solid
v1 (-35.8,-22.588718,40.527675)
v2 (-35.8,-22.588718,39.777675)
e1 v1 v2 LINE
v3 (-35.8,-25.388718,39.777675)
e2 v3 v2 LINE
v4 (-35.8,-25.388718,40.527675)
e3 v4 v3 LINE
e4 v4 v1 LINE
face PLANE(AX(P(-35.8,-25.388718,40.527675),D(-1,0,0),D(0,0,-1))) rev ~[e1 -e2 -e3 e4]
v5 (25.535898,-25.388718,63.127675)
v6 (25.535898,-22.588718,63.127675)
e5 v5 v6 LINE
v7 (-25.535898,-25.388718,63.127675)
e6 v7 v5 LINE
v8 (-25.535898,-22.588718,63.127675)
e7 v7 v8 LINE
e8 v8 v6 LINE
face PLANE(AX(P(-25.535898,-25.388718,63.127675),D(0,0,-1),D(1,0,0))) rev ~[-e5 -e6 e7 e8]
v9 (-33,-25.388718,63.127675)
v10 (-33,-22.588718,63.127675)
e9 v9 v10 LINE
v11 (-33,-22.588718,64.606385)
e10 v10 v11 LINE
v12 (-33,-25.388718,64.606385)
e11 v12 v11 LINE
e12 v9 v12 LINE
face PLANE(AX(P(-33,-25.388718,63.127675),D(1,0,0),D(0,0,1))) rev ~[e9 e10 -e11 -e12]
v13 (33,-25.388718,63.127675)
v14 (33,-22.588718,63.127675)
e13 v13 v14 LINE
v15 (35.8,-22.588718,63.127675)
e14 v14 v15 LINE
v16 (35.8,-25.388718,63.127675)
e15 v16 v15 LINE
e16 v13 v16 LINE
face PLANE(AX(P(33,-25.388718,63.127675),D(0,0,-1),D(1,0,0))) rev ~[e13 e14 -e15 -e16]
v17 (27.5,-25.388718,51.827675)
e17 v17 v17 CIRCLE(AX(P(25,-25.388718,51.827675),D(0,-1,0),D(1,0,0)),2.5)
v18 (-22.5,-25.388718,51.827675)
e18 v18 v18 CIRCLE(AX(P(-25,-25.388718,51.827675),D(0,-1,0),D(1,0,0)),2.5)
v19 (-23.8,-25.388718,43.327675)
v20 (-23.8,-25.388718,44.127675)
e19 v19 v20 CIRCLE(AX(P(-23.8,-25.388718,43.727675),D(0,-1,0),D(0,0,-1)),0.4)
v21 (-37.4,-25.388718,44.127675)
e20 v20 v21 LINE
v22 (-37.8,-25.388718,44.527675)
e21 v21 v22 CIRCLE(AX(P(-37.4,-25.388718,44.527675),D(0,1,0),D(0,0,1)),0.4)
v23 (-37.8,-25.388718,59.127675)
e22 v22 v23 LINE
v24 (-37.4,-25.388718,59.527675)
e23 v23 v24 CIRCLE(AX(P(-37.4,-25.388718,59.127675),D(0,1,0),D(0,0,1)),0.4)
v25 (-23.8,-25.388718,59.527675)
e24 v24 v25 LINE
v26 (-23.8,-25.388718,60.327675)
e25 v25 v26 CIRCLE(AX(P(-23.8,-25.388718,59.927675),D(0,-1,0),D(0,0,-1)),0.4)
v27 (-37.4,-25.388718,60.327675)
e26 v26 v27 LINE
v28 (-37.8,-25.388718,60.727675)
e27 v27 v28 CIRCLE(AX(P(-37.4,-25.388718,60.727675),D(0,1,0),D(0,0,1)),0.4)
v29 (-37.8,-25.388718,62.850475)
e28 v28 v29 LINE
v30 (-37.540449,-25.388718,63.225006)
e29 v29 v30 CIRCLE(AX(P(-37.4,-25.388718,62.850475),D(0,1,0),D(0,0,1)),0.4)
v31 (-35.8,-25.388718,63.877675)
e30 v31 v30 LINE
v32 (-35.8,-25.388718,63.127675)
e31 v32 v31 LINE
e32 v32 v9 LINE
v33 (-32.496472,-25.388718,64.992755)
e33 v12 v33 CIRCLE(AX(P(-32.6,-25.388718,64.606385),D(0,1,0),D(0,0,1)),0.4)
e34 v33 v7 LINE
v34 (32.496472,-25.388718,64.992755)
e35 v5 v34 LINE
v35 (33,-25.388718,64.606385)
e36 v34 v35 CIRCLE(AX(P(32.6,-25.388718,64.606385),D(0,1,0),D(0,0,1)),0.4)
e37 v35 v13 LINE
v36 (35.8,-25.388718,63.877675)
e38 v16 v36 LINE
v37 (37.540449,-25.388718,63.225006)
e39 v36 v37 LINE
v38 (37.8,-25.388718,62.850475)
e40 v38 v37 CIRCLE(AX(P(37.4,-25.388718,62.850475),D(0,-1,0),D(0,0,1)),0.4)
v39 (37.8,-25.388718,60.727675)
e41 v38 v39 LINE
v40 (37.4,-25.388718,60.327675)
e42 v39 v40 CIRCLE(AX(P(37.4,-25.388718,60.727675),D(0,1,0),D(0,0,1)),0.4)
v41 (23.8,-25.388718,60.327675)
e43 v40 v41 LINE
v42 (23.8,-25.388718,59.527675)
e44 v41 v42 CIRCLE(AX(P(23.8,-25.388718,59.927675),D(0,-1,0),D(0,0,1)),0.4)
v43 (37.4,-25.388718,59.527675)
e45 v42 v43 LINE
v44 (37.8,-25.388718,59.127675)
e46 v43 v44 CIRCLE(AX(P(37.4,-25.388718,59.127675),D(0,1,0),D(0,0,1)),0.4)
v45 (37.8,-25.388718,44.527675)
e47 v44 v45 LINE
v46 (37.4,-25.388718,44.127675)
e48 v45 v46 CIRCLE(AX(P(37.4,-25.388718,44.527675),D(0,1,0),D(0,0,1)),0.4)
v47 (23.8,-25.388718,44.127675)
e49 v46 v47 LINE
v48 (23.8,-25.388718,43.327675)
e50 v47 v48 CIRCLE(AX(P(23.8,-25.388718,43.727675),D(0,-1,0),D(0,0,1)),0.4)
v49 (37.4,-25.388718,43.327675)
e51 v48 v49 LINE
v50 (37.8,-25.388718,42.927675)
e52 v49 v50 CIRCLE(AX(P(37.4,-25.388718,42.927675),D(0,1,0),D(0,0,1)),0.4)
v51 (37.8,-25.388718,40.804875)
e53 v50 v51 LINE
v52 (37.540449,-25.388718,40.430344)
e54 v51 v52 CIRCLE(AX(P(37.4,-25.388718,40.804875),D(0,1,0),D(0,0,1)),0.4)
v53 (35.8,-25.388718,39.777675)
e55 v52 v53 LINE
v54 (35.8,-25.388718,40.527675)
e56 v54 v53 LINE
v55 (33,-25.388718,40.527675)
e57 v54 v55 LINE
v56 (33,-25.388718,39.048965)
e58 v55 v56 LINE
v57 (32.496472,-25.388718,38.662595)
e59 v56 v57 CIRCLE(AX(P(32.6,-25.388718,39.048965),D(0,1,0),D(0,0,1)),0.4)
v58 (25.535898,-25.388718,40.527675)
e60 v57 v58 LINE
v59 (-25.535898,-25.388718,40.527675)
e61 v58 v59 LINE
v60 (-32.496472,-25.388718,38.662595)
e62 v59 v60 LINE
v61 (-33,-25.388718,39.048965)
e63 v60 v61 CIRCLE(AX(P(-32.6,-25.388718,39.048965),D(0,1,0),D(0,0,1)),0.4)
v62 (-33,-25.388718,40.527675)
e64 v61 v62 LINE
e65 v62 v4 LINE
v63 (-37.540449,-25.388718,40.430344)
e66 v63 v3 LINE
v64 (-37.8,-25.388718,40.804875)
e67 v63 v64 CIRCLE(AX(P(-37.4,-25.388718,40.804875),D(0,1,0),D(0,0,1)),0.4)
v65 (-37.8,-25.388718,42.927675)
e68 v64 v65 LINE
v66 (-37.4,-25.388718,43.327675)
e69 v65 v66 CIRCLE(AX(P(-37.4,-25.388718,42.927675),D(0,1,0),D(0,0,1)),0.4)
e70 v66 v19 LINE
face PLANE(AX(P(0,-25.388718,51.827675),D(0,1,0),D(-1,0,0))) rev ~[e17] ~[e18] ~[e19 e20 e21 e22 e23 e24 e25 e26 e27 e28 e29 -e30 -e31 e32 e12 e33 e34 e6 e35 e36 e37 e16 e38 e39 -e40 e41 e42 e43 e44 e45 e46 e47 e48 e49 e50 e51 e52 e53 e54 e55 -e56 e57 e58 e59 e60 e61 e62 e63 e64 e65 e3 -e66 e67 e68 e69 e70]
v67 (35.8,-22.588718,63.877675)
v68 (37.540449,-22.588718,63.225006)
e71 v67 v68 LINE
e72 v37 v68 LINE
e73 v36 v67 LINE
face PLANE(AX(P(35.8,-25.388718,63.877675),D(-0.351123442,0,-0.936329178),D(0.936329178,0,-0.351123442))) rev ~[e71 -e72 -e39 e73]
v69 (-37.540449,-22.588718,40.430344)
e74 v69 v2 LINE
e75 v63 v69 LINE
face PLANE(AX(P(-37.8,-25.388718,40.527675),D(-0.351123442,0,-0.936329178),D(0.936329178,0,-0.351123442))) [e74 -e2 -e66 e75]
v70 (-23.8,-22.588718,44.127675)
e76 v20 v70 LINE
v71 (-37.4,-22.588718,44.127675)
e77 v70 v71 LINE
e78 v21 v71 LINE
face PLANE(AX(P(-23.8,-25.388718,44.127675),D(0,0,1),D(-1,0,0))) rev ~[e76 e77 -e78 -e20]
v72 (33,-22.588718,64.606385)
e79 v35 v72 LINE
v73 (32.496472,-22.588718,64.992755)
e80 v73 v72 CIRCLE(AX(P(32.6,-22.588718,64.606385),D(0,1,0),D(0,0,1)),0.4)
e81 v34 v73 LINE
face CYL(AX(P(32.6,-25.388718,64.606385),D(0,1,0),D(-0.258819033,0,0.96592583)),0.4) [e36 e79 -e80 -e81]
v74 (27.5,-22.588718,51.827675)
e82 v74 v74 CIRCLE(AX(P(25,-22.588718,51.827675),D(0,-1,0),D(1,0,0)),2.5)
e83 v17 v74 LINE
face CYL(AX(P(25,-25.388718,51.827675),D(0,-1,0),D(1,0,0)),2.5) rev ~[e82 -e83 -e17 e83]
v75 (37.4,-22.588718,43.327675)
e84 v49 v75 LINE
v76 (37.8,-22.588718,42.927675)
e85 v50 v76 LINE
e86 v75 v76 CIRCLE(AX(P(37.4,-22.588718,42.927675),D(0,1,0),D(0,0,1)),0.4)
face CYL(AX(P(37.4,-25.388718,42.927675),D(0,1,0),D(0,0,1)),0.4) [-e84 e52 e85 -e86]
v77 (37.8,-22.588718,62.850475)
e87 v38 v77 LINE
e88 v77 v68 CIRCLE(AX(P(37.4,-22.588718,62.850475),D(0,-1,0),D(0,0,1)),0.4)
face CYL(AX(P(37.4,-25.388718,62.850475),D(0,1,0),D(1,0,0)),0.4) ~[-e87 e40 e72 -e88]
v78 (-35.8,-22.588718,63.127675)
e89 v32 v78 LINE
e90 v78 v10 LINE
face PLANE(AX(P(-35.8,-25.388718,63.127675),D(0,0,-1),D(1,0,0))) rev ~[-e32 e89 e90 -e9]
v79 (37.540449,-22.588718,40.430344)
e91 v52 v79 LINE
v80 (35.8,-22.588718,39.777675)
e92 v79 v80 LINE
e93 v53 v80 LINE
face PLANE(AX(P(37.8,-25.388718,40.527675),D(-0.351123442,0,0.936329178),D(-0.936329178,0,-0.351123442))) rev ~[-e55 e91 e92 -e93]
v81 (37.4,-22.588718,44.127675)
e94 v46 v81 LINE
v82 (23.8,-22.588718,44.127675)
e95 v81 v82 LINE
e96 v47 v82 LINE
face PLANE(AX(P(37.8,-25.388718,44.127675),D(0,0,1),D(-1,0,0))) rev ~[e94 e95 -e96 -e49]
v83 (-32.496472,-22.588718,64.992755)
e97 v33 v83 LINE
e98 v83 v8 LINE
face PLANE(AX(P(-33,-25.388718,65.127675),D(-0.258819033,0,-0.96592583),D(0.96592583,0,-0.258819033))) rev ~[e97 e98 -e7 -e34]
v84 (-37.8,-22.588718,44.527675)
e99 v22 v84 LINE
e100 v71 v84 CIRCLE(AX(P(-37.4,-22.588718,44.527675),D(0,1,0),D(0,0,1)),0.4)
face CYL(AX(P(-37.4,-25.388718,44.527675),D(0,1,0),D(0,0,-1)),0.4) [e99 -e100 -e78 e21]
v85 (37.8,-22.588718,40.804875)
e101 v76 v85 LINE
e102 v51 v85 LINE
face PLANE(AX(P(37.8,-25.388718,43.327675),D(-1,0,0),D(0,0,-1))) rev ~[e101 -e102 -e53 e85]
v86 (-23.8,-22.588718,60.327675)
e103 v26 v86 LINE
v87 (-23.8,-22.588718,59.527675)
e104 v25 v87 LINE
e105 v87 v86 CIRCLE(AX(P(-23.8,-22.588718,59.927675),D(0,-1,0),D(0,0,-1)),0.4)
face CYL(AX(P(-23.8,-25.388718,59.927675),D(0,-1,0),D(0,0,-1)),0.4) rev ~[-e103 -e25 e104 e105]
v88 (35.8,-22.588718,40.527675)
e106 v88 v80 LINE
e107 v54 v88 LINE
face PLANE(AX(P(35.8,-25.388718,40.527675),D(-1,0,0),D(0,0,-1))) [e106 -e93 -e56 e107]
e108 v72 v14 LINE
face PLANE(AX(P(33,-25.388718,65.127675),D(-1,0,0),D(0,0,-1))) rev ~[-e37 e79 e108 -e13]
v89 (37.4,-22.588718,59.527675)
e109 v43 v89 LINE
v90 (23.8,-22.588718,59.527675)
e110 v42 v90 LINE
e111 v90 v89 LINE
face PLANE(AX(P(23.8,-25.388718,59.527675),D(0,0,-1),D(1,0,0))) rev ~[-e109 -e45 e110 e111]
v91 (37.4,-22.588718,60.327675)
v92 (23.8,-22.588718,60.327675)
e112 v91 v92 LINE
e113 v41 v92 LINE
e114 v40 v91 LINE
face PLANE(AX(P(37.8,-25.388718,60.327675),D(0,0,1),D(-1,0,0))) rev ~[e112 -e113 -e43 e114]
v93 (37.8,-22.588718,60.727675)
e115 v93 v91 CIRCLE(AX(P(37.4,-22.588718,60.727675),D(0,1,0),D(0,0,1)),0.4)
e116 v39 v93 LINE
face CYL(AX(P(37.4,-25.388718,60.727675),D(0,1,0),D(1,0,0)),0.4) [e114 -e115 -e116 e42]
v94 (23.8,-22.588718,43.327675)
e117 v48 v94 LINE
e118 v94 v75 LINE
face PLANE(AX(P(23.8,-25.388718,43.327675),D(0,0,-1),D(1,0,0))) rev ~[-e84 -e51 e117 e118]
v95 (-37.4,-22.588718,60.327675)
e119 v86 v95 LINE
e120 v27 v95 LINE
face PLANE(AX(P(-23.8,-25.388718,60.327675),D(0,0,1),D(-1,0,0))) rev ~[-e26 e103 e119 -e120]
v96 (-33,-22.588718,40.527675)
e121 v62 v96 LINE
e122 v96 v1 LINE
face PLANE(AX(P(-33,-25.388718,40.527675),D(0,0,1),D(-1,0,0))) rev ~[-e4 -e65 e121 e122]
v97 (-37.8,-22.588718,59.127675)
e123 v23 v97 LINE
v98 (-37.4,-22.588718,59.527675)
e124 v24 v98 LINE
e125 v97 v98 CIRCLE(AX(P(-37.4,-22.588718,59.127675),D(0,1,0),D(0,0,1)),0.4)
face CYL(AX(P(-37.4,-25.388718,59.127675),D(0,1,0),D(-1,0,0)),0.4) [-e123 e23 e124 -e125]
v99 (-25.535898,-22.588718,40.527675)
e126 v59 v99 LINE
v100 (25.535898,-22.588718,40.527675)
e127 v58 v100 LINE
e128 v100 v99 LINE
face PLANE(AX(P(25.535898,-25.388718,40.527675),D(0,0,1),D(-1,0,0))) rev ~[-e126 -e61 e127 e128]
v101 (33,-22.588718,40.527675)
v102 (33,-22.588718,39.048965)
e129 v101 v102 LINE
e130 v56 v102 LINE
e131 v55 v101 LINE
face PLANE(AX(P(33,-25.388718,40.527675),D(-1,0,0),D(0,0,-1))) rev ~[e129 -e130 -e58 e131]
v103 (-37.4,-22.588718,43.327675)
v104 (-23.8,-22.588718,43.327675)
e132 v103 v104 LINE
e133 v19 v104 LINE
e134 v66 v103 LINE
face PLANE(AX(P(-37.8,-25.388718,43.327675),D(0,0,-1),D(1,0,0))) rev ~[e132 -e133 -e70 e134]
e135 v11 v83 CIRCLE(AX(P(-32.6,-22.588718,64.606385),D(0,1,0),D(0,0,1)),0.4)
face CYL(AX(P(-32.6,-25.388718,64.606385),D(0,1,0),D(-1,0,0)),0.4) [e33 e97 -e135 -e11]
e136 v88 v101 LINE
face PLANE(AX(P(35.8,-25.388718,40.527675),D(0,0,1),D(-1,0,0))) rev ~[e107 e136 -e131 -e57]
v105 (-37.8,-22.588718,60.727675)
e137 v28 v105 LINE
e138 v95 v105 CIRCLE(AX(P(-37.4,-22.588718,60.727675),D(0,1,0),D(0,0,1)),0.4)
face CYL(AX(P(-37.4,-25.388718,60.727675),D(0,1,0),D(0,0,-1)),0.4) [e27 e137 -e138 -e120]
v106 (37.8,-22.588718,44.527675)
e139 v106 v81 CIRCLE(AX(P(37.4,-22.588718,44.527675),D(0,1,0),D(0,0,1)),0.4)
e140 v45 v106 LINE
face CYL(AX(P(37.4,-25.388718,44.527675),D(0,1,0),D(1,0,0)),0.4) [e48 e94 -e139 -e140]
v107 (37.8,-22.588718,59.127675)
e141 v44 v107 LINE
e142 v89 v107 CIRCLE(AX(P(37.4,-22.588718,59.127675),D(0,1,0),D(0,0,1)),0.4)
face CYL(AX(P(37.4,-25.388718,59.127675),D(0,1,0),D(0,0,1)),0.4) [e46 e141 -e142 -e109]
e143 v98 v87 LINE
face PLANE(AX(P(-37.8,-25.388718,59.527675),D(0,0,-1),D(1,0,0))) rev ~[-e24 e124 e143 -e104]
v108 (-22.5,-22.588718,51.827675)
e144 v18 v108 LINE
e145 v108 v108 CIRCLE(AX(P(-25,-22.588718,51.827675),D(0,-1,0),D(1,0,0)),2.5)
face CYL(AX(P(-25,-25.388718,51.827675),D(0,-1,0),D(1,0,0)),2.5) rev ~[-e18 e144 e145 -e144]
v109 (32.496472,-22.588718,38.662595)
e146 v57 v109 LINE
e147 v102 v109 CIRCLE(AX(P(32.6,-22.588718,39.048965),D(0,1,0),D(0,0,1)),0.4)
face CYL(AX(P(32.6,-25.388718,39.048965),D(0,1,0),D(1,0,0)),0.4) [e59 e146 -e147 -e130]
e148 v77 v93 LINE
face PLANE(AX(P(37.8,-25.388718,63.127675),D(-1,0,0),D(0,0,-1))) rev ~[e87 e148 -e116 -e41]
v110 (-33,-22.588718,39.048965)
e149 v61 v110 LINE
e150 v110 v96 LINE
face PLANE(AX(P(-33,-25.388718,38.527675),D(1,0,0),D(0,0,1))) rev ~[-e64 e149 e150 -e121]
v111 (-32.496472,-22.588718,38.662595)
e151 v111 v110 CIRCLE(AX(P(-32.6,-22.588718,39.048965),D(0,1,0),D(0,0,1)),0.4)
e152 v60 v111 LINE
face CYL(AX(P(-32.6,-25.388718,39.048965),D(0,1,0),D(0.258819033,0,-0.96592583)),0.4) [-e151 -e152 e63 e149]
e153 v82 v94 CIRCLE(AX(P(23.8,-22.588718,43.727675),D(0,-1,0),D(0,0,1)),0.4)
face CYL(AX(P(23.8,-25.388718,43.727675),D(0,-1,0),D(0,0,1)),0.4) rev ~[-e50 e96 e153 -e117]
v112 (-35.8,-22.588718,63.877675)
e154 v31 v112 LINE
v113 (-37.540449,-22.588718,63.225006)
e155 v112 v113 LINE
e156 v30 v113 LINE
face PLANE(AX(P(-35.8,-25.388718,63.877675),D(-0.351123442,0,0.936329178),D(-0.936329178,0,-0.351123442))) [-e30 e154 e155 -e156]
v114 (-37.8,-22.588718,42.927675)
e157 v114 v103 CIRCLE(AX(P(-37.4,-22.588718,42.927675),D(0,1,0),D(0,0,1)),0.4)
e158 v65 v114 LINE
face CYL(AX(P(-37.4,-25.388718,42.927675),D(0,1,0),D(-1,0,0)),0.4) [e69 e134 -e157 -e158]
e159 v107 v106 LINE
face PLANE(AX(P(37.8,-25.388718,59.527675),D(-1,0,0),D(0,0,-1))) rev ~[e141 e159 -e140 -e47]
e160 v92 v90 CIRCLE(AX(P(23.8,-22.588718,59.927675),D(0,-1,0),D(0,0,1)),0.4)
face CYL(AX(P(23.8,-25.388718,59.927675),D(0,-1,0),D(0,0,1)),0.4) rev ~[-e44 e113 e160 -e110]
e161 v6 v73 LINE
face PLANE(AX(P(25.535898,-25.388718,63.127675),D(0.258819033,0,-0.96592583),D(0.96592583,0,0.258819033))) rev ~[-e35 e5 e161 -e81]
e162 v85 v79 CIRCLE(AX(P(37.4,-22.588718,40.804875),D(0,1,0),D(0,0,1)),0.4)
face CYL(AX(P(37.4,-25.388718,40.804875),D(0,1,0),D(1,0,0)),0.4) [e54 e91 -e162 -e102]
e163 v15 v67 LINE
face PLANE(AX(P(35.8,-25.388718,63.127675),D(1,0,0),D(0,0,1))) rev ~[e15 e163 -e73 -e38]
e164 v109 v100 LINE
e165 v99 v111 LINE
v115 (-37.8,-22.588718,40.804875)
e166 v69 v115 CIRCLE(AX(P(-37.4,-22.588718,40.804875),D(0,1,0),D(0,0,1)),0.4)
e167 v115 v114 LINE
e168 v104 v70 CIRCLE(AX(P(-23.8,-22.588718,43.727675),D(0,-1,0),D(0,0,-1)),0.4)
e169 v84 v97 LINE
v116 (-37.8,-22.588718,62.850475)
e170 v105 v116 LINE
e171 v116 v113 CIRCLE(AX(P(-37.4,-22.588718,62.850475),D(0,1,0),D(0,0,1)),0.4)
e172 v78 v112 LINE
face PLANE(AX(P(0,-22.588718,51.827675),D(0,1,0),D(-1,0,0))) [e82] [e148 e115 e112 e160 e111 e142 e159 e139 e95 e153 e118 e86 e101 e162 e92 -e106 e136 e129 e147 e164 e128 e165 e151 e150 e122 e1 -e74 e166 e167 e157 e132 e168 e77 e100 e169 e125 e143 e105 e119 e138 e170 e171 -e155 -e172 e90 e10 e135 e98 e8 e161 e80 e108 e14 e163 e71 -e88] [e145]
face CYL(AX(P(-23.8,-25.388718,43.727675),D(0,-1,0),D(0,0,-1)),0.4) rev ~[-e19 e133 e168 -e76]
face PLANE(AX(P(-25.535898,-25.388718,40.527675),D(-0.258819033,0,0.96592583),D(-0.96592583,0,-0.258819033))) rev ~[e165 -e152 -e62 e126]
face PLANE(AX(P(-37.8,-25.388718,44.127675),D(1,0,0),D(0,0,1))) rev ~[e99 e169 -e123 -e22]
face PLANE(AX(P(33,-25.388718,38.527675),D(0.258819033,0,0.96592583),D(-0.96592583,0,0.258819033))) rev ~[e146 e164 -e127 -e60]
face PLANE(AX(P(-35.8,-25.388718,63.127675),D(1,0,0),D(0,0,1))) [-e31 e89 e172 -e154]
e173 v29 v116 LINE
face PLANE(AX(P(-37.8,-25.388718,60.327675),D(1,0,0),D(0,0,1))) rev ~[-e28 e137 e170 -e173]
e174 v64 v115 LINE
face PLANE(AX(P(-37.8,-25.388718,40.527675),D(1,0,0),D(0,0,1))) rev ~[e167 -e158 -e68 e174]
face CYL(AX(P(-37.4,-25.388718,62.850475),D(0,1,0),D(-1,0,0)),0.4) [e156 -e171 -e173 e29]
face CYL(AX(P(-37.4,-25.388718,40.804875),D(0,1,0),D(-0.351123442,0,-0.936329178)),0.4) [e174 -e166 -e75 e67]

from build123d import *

# Parameters (mm, degrees)
PAD010_DEPTH    = 2.8
FILLET003_R     = 0.4
SKETCH016_R     = 2.5
POCKET003_DEPTH = 2.801


with BuildPart() as part:
    # Sketch010 (on Face2 of ShapeBinder009) → Pad010 (new body)
    with BuildSketch(Plane.XZ.offset(25.388718)):
        with BuildLine():
            Line((37.8, 63.127675), (37.8, 60.327675))
            Line((37.8, 60.327675), (23.8, 60.327675))
            ThreePointArc((23.8, 60.327675), (23.4, 59.927675), (23.8, 59.527675))
            Line((23.8, 59.527675), (37.8, 59.527675))
            Line((37.8, 59.527675), (37.8, 44.127675))
            Line((37.8, 44.127675), (23.8, 44.127675))
            ThreePointArc((23.8, 44.127675), (23.4, 43.727675), (23.8, 43.327675))
            Line((23.8, 43.327675), (37.8, 43.327675))
            Line((37.8, 43.327675), (37.8, 40.527675))
            Line((37.8, 40.527675), (35.8, 39.777675))
            Line((35.8, 40.527675), (35.8, 39.777675))
            Line((35.8, 40.527675), (33, 40.527675))
            Line((33, 40.527675), (33, 38.527675))
            Line((33, 38.527675), (25.535898, 40.527675))
            Line((25.535898, 40.527675), (-25.535898, 40.527675))
            Line((-25.535898, 40.527675), (-33, 38.527675))
            Line((-33, 38.527675), (-33, 40.527675))
            Line((-33, 40.527675), (-35.8, 40.527675))
            Line((-35.8, 40.527675), (-35.8, 39.777675))
            Line((-37.8, 40.527675), (-35.8, 39.777675))
            Line((-37.8, 40.527675), (-37.8, 43.327675))
            Line((-37.8, 43.327675), (-23.8, 43.327675))
            ThreePointArc((-23.8, 43.327675), (-23.4, 43.727675), (-23.8, 44.127675))
            Line((-23.8, 44.127675), (-37.8, 44.127675))
            Line((-37.8, 44.127675), (-37.8, 59.527675))
            Line((-37.8, 59.527675), (-23.8, 59.527675))
            ThreePointArc((-23.8, 59.527675), (-23.4, 59.927675), (-23.8, 60.327675))
            Line((-23.8, 60.327675), (-37.8, 60.327675))
            Line((-37.8, 60.327675), (-37.8, 63.127675))
            Line((-35.8, 63.877675), (-37.8, 63.127675))
            Line((-35.8, 63.127675), (-35.8, 63.877675))
            Line((-35.8, 63.127675), (-33, 63.127675))
            Line((-33, 63.127675), (-33, 65.127675))
            Line((-33, 65.127675), (-25.535898, 63.127675))
            Line((-25.535898, 63.127675), (25.535898, 63.127675))
            Line((25.535898, 63.127675), (33, 65.127675))
            Line((33, 65.127675), (33, 63.127675))
            Line((33, 63.127675), (35.8, 63.127675))
            Line((35.8, 63.127675), (35.8, 63.877675))
            Line((35.8, 63.877675), (37.8, 63.127675))
        make_face()
    extrude(amount=-PAD010_DEPTH)

    # Fillet003
    fillet003_edges = [part.edges().sort_by_distance(p)[0] for p in [
        (-33, -23.988718, 65.127675),
        (-37.8, -23.988718, 63.127675),
        (-37.8, -23.988718, 60.327675),
        (-37.8, -23.988718, 59.527675),
        (33, -23.988718, 65.127675),
        (37.8, -23.988718, 63.127675),
        (37.8, -23.988718, 60.327675),
        (37.8, -23.988718, 59.527675),
        (37.8, -23.988718, 44.127675),
        (37.8, -23.988718, 43.327675),
        (37.8, -23.988718, 40.527675),
        (33, -23.988718, 38.527675),
        (-33, -23.988718, 38.527675),
        (-37.8, -23.988718, 40.527675),
        (-37.8, -23.988718, 44.127675),
        (-37.8, -23.988718, 43.327675),
    ]]
    fillet(fillet003_edges, radius=FILLET003_R)

    # Sketch016 (on Face2 of Fillet003) → Pocket003 (cut, through all)
    with BuildSketch(Plane.XZ.offset(25.388718)):
        with Locations((-25, 51.827675)):
            Circle(SKETCH016_R)
        with Locations((25, 51.827675)):
            Circle(SKETCH016_R)
    extrude(amount=-POCKET003_DEPTH, mode=Mode.SUBTRACT)


solid = part.part
